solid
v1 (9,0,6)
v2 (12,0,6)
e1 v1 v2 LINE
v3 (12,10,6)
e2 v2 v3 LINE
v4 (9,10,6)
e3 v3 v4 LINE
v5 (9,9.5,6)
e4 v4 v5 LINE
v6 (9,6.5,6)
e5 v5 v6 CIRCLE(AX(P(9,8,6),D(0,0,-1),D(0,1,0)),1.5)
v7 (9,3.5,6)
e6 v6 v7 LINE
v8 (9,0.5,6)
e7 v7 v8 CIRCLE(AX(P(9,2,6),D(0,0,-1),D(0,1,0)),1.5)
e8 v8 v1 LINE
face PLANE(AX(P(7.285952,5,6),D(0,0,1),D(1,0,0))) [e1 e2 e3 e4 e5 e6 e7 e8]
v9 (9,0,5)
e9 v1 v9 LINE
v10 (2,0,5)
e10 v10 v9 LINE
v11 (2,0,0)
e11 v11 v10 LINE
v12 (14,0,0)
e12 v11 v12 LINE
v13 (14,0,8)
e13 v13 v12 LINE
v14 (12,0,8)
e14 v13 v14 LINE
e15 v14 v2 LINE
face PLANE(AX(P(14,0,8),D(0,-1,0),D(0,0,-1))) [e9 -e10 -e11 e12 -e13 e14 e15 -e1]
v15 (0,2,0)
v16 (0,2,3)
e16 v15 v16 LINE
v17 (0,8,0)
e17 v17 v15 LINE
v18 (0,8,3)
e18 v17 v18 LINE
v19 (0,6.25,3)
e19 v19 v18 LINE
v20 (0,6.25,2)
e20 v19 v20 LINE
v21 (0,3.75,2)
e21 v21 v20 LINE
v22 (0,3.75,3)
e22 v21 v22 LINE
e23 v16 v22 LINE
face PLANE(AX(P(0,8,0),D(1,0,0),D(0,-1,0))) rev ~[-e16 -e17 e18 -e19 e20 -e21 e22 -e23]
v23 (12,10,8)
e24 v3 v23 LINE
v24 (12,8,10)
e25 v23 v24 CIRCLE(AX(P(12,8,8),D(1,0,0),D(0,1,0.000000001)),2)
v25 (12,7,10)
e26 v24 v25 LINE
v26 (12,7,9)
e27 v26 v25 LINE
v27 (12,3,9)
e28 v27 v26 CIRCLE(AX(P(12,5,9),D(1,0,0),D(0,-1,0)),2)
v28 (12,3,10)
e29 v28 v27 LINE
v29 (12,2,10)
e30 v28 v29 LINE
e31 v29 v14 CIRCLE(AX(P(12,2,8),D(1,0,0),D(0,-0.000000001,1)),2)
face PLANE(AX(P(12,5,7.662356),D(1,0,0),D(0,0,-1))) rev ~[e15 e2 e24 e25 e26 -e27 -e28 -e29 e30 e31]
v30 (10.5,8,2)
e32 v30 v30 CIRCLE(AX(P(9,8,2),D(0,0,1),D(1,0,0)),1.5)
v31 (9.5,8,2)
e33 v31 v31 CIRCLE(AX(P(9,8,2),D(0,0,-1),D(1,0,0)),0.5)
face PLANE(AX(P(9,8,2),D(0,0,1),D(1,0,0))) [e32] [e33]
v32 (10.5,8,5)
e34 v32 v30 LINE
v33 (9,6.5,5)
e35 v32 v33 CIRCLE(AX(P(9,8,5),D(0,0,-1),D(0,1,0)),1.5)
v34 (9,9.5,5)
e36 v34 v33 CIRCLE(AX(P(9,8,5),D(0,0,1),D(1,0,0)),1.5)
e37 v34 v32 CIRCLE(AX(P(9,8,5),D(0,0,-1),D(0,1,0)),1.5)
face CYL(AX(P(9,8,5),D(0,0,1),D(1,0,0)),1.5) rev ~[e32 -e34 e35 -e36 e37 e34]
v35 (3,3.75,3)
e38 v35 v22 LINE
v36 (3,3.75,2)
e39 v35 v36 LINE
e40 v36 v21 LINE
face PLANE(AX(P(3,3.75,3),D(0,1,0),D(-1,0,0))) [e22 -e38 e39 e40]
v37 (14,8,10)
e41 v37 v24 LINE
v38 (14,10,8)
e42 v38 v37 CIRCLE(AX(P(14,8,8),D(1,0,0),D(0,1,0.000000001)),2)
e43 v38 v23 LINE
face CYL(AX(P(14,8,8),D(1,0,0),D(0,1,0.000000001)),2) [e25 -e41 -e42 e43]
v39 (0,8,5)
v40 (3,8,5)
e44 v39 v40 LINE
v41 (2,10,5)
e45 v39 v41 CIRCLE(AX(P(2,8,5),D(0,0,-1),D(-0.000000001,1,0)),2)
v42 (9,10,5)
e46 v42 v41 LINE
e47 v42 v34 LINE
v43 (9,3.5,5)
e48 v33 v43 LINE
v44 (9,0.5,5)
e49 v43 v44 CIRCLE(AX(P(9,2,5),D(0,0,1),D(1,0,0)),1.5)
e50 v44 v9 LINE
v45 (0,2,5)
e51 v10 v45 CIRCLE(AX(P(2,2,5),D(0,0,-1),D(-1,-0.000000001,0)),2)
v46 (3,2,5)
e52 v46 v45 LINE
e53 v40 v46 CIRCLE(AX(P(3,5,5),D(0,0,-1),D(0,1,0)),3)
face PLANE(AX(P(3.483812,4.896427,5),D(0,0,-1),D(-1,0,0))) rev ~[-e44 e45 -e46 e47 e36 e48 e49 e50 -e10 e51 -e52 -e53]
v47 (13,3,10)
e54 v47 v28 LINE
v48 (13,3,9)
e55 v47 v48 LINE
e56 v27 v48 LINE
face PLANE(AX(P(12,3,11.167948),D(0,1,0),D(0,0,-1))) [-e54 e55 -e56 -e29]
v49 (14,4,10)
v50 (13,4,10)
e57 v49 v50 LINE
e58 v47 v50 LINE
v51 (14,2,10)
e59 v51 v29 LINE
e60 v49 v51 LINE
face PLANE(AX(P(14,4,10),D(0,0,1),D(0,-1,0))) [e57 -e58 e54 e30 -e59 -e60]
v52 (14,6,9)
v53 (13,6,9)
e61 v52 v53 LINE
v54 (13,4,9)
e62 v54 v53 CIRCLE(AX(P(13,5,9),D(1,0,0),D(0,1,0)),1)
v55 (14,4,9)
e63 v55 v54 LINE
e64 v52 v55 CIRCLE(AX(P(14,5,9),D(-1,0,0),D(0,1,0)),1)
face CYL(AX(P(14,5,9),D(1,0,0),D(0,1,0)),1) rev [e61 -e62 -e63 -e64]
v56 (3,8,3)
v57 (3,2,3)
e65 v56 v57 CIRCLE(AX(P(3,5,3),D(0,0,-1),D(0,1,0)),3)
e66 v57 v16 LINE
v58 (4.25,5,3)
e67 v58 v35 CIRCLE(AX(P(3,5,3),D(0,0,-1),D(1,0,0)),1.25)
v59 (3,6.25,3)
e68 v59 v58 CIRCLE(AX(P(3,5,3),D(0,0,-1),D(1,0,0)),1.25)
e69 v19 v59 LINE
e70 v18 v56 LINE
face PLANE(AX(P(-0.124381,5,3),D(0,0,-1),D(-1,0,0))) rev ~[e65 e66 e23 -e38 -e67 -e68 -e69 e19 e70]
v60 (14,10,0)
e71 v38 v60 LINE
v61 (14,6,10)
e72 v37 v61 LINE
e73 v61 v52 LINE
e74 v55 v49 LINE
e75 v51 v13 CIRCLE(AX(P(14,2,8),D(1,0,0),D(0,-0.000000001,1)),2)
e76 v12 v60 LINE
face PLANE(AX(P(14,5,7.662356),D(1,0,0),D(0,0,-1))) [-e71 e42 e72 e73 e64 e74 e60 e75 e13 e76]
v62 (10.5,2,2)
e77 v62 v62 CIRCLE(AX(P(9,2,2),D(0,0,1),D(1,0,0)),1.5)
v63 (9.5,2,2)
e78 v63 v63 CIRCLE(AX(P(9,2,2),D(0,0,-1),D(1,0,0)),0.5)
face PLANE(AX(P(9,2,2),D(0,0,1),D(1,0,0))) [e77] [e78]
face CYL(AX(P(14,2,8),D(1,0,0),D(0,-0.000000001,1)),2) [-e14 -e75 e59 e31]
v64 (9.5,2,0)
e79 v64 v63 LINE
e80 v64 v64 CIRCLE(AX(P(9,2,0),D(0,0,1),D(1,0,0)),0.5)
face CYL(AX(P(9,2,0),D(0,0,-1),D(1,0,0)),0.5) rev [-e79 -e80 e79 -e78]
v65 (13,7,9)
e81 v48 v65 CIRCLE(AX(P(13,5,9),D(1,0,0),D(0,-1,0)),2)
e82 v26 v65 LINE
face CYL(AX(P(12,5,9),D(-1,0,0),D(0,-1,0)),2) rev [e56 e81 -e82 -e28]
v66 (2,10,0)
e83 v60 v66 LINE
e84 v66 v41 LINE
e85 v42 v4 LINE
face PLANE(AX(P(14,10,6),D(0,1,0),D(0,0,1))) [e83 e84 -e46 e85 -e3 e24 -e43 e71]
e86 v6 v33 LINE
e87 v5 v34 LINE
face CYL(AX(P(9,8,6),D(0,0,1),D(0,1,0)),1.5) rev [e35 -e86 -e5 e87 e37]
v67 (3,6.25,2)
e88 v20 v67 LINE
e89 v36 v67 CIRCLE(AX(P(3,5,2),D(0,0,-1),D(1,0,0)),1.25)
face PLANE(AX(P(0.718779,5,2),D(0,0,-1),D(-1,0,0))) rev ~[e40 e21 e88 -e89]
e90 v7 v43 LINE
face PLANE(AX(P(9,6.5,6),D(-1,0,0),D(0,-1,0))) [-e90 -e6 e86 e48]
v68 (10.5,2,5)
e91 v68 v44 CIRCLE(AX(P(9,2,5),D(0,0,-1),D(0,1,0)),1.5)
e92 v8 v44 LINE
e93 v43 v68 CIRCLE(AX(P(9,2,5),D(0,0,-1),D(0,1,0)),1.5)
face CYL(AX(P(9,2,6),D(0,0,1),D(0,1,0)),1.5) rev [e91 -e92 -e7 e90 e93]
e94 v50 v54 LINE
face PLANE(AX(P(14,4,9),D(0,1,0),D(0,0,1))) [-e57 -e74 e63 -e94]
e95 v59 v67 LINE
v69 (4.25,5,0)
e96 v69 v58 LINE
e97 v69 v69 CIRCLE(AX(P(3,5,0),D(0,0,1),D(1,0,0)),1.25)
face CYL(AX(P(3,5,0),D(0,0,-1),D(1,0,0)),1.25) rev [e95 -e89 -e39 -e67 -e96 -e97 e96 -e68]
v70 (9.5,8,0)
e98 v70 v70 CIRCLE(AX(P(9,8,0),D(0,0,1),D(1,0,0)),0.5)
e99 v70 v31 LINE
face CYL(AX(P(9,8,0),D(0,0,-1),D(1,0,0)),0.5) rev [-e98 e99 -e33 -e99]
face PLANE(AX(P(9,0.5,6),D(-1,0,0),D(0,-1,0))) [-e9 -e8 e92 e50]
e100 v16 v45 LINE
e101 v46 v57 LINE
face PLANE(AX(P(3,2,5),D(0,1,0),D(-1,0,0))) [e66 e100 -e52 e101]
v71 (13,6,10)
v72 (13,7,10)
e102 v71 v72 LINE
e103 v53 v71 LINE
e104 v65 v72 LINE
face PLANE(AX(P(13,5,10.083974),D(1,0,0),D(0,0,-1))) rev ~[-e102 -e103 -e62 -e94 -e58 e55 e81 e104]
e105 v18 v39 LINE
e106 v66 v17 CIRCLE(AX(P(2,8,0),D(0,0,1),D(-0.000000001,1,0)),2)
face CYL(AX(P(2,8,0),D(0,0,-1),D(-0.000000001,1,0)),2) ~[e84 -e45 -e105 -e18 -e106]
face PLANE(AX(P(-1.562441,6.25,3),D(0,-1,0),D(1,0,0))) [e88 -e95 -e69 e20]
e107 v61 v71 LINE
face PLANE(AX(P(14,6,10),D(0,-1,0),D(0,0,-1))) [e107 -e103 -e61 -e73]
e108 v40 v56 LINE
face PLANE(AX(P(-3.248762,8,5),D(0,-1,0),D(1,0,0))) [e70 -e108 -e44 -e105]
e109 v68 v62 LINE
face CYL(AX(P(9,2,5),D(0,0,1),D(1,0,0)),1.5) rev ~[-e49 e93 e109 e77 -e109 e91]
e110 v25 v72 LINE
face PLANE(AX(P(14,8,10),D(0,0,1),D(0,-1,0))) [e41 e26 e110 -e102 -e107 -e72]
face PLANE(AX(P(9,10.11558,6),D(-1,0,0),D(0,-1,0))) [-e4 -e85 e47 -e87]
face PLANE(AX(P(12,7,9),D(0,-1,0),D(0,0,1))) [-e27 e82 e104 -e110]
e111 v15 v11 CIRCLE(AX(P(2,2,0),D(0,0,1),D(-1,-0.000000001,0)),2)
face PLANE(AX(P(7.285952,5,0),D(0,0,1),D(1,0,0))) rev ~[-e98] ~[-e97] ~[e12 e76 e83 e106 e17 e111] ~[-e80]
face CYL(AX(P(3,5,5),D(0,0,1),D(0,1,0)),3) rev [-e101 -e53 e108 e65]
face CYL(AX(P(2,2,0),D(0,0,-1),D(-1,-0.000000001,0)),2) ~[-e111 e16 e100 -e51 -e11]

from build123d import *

# Parameters (mm, degrees)
SKETCH1_R           = 1.25
SKETCH1_R_2         = 0.5
BOSS_EXTRUDE1_DEPTH = 6
BOSS_EXTRUDE2_DEPTH = 2
CUT_EXTRUDE1_DEPTH  = 1
CUT_EXTRUDE2_DEPTH  = 1
CUT_EXTRUDE3_DEPTH  = 2
CUT_EXTRUDE4_DEPTH  = 1
SKETCH9_R           = 1.5
CUT_EXTRUDE5_DEPTH  = 3


with BuildPart() as part:
    # Sketch1 → Boss-Extrude1 (new body)
    with BuildSketch(Plane.XY):
        with BuildLine():
            Line((2, 0), (14, 0))
            Line((14, 0), (14, 10))
            Line((14, 10), (2, 10))
            ThreePointArc((2, 10), (0.585786438, 9.414213562), (0, 8))
            Line((0, 8), (0, 2))
            ThreePointArc((0, 2), (0.585786438, 0.585786438), (2, 0))
        make_face()
        with Locations((3, 5)):
            Circle(SKETCH1_R, mode=Mode.SUBTRACT)
        with Locations((9, 8)):
            Circle(SKETCH1_R_2, mode=Mode.SUBTRACT)
        with Locations((9, 2)):
            Circle(SKETCH1_R_2, mode=Mode.SUBTRACT)
    extrude(amount=BOSS_EXTRUDE1_DEPTH)

    # Sketch2 → Boss-Extrude2 (add)
    with BuildSketch(Plane(origin=(14, 0, 0), x_dir=(0, 0, -1), z_dir=(1, 0, 0))):
        with BuildLine():
            Line((-6, 0), (-6, 10))
            Line((-6, 10), (-8, 10))
            ThreePointArc((-8, 10), (-9.414213562, 9.414213562), (-10, 8))
            Line((-10, 8), (-10, 7))
            Line((-10, 7), (-9, 7))
            ThreePointArc((-9, 7), (-7, 5), (-9, 3))
            Line((-9, 3), (-10, 3))
            Line((-10, 3), (-10, 2))
            ThreePointArc((-10, 2), (-9.414213562, 0.585786438), (-8, 0))
            Line((-8, 0), (-6, 0))
        make_face()
        with BuildLine():
            Line((-9, 7), (-10, 7))
            Line((-10, 7), (-10, 6))
            Line((-10, 6), (-9, 6))
            ThreePointArc((-9, 6), (-8, 5), (-9, 4))
            Line((-9, 4), (-10, 4))
            Line((-10, 4), (-10, 3))
            Line((-10, 3), (-9, 3))
            ThreePointArc((-9, 3), (-7, 5), (-9, 7))
        make_face()
    extrude(amount=-BOSS_EXTRUDE2_DEPTH)

    # Sketch5 → Cut-Extrude1 (cut)
    with BuildSketch(Plane.ZY.offset(-12)):
        with BuildLine():
            Line((9, 7), (11.167948086, 7))
            ThreePointArc((11.167948086, 7), (13.167948086, 5), (11.167948086, 3))
            Line((11.167948086, 3), (9, 3))
            ThreePointArc((9, 3), (7, 5), (9, 7))
        make_face()
    extrude(amount=-CUT_EXTRUDE1_DEPTH, mode=Mode.SUBTRACT)

    # Sketch6 → Cut-Extrude2 (cut)
    with BuildSketch(Plane.XY.offset(6)):
        with BuildLine():
            Line((9, 10.115579993), (9, 9.5))
            ThreePointArc((9, 9.5), (10.5, 8), (9, 6.5))
            Line((9, 6.5), (9, 3.5))
            ThreePointArc((9, 3.5), (10.5, 2), (9, 0.5))
            Line((9, 0.5), (9, -0.336498004))
            Line((9, -0.336498004), (-3.111242448, -0.336498004))
            Line((-3.111242448, -0.336498004), (-3.111242448, 10.115579993))
            Line((-3.111242448, 10.115579993), (9, 10.115579993))
        make_face()
    extrude(amount=-CUT_EXTRUDE2_DEPTH, mode=Mode.SUBTRACT)

    # Sketch7 → Cut-Extrude3 (cut)
    with BuildSketch(Plane.XY.offset(5)):
        with BuildLine():
            Line((3, 2), (-3.248762224, 2))
            ThreePointArc((-3.248762224, 2), (-6.248762224, 5), (-3.248762224, 8))
            Line((-3.248762224, 8), (3, 8))
            ThreePointArc((3, 8), (6, 5), (3, 2))
        make_face()
    extrude(amount=-CUT_EXTRUDE3_DEPTH, mode=Mode.SUBTRACT)

    # Sketch8 → Cut-Extrude4 (cut)
    with BuildSketch(Plane.XY.offset(3)):
        with BuildLine():
            Line((3, 3.75), (-1.562441064, 3.75))
            ThreePointArc((-1.562441064, 3.75), (-2.812441064, 5), (-1.562441064, 6.25))
            Line((-1.562441064, 6.25), (3, 6.25))
            ThreePointArc((3, 6.25), (4.25, 5), (3, 3.75))
        make_face()
    extrude(amount=-CUT_EXTRUDE4_DEPTH, mode=Mode.SUBTRACT)

    # Sketch9 → Cut-Extrude5 (cut)
    with BuildSketch(Plane.XY.offset(5)):
        with Locations((9, 8)):
            Circle(SKETCH9_R)
        with Locations((9, 2)):
            Circle(SKETCH9_R)
    extrude(amount=-CUT_EXTRUDE5_DEPTH, mode=Mode.SUBTRACT)


solid = part.part
